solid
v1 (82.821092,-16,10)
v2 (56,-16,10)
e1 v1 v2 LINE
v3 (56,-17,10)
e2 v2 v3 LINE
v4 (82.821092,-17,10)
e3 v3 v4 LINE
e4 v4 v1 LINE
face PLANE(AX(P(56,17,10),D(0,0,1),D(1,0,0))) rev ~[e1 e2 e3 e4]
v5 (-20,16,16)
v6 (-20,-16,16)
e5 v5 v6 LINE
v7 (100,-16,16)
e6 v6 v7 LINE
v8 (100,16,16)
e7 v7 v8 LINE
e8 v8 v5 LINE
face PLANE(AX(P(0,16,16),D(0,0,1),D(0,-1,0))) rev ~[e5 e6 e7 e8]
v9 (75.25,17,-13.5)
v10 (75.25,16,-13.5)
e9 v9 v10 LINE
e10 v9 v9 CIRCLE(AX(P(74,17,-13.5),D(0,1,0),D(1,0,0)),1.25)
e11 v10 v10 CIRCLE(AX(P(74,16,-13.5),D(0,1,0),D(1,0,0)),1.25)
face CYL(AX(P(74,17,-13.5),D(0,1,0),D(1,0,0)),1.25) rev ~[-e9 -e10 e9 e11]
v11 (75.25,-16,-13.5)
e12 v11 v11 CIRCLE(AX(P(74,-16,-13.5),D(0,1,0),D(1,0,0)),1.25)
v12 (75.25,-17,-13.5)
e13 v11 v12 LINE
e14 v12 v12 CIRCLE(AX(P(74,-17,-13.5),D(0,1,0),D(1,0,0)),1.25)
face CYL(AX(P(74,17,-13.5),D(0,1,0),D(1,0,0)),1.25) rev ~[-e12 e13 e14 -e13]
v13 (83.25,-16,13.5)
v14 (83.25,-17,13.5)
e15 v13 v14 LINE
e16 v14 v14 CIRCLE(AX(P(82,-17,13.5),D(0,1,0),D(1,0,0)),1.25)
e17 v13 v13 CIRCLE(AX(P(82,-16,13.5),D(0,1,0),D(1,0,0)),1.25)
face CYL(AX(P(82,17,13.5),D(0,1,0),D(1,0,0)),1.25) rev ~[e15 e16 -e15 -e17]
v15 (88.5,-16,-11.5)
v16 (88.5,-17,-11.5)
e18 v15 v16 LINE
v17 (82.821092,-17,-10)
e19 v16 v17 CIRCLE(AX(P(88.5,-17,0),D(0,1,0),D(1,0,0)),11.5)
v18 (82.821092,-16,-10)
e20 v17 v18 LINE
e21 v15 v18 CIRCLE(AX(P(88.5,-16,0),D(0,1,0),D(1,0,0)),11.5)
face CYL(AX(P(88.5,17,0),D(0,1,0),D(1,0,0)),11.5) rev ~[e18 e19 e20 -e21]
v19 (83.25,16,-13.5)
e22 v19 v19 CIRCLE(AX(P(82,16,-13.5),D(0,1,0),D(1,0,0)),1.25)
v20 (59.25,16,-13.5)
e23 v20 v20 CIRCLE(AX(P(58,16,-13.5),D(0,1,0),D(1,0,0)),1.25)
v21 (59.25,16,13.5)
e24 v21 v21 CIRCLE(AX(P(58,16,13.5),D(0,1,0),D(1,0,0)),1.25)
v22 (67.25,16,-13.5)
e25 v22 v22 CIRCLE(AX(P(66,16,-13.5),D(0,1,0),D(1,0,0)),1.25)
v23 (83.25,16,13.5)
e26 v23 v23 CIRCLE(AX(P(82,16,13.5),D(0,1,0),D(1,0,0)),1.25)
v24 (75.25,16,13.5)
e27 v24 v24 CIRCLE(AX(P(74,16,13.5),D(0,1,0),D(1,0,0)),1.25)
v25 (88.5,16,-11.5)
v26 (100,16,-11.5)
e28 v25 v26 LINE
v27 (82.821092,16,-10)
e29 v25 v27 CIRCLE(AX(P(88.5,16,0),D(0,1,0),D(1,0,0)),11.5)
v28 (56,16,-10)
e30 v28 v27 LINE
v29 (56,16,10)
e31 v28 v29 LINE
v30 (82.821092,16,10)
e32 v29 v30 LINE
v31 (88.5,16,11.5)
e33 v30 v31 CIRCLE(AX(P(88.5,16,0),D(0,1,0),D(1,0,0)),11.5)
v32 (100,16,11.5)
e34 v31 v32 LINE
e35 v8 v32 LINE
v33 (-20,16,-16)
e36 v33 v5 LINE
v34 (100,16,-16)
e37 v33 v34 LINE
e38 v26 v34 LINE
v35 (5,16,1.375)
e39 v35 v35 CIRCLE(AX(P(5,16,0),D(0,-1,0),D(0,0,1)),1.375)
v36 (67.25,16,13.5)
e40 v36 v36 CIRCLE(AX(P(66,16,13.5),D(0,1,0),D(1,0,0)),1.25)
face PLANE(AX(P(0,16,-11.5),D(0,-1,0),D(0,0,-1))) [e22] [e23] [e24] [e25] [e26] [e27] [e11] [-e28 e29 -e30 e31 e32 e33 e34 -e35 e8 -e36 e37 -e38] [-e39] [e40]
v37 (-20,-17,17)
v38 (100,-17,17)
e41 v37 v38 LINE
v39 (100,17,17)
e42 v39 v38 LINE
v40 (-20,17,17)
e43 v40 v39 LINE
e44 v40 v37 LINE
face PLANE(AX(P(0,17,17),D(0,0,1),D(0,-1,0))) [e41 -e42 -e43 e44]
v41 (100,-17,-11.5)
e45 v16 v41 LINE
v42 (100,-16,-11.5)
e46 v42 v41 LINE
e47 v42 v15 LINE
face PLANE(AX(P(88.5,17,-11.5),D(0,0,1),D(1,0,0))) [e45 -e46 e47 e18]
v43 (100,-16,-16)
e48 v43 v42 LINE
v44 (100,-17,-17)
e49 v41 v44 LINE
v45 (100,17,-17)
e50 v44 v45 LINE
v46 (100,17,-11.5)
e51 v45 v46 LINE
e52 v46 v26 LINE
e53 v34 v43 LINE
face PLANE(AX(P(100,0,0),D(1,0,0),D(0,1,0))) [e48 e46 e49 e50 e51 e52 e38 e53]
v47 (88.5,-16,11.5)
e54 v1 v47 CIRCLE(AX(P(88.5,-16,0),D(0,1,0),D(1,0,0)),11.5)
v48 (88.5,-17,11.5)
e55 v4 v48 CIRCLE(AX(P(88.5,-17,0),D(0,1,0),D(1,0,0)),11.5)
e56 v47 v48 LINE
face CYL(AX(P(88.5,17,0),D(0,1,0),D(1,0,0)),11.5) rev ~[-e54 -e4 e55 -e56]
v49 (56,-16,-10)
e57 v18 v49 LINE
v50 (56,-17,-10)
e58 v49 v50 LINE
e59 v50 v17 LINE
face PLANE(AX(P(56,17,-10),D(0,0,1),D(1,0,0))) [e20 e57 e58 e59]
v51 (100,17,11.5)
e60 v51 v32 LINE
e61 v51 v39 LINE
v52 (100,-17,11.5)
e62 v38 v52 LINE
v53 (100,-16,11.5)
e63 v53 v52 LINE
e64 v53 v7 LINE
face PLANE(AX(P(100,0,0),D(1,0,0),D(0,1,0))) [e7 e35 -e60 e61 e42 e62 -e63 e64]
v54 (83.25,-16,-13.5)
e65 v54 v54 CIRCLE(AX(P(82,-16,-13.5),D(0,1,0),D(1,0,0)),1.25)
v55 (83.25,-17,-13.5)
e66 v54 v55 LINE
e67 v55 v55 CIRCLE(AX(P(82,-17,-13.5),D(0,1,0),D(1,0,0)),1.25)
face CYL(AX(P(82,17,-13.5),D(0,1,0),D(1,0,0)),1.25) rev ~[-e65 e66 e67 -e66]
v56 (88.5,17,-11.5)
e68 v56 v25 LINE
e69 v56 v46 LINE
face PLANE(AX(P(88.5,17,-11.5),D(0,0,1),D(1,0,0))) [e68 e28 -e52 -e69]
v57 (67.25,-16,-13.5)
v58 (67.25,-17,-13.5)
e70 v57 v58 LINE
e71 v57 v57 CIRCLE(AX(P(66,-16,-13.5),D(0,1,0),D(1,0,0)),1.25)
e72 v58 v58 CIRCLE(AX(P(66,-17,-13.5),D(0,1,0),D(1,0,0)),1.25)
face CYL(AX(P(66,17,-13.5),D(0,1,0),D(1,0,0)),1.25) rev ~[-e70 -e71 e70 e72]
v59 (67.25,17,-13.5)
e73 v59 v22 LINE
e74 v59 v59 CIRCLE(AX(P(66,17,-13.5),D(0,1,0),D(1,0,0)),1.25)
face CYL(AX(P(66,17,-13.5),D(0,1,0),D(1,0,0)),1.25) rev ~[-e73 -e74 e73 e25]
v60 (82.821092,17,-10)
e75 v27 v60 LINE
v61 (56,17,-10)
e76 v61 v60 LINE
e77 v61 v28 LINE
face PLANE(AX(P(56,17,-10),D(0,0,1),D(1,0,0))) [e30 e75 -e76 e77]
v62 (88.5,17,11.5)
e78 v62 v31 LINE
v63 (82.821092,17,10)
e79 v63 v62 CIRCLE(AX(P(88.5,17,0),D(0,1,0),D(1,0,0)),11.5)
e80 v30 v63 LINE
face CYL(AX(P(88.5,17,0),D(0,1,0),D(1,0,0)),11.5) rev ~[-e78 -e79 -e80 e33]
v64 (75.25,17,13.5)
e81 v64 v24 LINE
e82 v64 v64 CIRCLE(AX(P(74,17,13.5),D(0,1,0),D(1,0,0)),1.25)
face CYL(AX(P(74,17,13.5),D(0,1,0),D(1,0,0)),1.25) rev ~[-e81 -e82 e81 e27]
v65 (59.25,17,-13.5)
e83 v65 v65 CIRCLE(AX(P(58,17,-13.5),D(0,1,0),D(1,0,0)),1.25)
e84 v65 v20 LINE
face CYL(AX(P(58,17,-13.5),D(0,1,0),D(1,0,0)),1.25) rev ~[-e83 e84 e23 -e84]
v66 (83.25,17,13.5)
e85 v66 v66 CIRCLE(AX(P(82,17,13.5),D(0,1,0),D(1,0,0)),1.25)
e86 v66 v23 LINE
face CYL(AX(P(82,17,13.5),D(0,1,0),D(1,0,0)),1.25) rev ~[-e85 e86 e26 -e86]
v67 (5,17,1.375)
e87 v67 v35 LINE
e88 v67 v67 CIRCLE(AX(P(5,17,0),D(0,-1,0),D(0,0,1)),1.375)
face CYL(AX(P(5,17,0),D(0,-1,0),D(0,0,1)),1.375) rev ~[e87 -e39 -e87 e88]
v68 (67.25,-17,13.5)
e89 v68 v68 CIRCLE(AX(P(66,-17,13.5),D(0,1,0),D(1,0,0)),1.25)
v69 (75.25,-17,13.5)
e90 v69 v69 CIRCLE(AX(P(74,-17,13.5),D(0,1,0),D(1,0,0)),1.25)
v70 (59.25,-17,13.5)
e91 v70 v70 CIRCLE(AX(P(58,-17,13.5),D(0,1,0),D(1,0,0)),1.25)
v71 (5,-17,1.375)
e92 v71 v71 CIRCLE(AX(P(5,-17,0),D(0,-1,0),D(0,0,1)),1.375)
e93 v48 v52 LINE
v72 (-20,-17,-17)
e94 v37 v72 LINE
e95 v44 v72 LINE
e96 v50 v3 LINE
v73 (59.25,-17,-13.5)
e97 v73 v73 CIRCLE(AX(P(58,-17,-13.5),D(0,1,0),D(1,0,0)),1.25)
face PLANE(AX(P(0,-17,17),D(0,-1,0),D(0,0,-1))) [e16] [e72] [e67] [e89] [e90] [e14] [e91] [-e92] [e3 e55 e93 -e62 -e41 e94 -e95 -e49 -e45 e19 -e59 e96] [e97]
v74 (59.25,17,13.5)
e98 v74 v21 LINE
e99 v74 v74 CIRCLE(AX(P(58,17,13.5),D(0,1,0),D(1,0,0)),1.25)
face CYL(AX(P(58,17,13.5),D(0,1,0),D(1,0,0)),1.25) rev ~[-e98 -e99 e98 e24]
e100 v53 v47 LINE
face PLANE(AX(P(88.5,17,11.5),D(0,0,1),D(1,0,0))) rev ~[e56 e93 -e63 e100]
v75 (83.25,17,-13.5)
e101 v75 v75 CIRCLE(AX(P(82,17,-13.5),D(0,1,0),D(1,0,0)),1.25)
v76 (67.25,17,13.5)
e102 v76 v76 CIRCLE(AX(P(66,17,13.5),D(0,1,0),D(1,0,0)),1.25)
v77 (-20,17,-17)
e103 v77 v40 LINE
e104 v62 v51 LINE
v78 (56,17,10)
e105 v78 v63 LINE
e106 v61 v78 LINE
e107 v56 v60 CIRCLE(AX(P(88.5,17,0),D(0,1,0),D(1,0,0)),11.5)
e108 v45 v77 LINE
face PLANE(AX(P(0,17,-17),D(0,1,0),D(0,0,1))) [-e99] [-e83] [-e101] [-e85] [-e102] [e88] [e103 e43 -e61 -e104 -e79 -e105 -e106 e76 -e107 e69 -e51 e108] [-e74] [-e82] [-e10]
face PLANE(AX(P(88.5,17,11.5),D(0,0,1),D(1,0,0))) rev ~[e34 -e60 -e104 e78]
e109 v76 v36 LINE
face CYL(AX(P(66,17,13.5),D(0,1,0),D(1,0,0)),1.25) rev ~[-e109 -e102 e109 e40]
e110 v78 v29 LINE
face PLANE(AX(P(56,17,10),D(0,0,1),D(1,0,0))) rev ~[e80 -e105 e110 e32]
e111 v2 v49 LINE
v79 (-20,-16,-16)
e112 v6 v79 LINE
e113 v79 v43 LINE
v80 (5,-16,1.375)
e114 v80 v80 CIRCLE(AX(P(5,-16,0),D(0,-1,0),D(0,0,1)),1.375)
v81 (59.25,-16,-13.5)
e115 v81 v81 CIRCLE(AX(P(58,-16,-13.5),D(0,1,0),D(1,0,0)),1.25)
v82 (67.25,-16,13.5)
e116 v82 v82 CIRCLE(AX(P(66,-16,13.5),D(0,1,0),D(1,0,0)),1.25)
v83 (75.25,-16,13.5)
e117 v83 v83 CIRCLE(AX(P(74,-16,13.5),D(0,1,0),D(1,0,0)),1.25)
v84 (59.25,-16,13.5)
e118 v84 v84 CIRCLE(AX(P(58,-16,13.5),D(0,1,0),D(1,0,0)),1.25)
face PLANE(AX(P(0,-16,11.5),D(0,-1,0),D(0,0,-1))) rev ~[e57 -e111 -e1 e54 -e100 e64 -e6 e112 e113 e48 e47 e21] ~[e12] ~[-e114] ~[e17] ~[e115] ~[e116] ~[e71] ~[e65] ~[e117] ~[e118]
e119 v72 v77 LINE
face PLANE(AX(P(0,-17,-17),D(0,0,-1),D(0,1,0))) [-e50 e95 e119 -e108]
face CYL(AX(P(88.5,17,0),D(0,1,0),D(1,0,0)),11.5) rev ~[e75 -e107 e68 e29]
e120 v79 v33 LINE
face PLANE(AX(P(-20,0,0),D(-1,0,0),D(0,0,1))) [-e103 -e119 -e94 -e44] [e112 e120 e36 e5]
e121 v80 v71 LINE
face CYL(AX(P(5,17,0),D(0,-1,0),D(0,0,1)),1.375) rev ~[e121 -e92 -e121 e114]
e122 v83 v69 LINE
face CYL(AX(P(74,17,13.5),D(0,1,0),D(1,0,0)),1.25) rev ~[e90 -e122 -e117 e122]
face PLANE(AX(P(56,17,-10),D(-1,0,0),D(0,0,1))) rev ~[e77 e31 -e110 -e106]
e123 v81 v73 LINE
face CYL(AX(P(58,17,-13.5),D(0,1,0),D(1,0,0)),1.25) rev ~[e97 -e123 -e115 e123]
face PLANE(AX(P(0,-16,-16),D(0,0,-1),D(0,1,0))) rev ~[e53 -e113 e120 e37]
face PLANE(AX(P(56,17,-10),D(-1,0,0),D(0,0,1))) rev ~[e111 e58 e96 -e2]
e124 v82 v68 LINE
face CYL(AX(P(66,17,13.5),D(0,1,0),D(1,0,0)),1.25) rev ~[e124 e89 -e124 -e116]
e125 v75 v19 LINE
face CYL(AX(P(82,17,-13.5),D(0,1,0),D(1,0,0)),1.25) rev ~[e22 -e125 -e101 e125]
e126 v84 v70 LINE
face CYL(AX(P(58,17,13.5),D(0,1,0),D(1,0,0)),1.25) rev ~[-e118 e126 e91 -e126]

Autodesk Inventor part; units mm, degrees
ref_plane "YZ Plane" through (0, 0, 0) normal (1, 0, 0) x (0, 1, 0)
ref_plane "XZ Plane" through (0, 0, 0) normal (0, 1, 0) x (-1, 0, 0)
ref_plane "XY Plane" through (0, 0, 0) normal (0, 0, 1) x (1, 0, 0)
sketch "Boceto1" plane through (0, 0, 0) normal (1, 0, 0) x (0, 1, 0)
  line L0 (-16, 16) -> (16, 16)
  line L1 (16, 16) -> (16, -16)
  line L2 (16, -16) -> (-16, -16)
  line L3 (-16, -16) -> (-16, 16)
  line L4 (-16, 16) -> (16, -16) construction
  line L5 (16, 16) -> (-16, -16) construction
  line L6 (17, 17) -> (-17, 17)
  line L7 (-17, 17) -> (-17, -17)
  line L8 (-17, -17) -> (17, -17)
  line L9 (17, -17) -> (17, 17)
  line L10 (17, 17) -> (-17, -17) construction
  line L11 (-17, 17) -> (17, -17) construction
  point P0 (0, 0)
  dimension "d0" = 32
  dimension "d1" = 32
  dimension "d2" = 34
  dimension "d3" = 34
extrude "Extrusión1" add sketch "Boceto1" along normal blind 100
sketch "Boceto5" plane through (0, 17, 17) normal (0, 1, 0) x (1, 0, 0)
  line L0 (100, 1) -> (100, 33) projected
  line L1 (100, 17) -> (88.5, 17) construction
  line L2 (88.5, 17) -> (82, 17) construction
  line L3 (82, 17) -> (82, 30.5) construction
  circle A0 centre (82, 30.5) radius 1.25
  circle A1 centre (74, 30.5) radius 1.25
  line L4 (80.5, 17) -> (74, 17) construction
  circle A2 centre (66, 30.5) radius 1.25
  line L5 (72.5, 17) -> (66, 17) construction
  circle A3 centre (58, 30.5) radius 1.25
  line L6 (64.5, 17) -> (58, 17) construction
  circle A4 centre (82, 3.5) radius 1.25
  line L7 (88.5, -10) -> (82, -10) construction
  circle A5 centre (74, 3.5) radius 1.25
  line L8 (80.5, -10) -> (74, -10) construction
  circle A6 centre (66, 3.5) radius 1.25
  line L9 (72.5, -10) -> (66, -10) construction
  circle A7 centre (58, 3.5) radius 1.25
  line L10 (64.5, -10) -> (58, -10) construction
  circle A8 centre (88.5, 17) radius 11.5
  point P0 (0, 17)
  dimension "d26" = 11.5
  dimension "d27" = 6.5
  dimension "d28" = 13.5
  dimension "d29" = 2.5
  dimension "d32" = 8
  dimension "d35" = 27
  dimension "d38" = 23
extrude "Extrusión4" cut sketch "Boceto5" against normal through all
sketch "Boceto6" plane through (0, 17, 17) normal (0, 1, 0) x (1, 0, 0)
  line L0 (100, 17) -> (100, 34) projected
  line L1 (100, 17) -> (56, 17) construction
  line L2 (0, 0) -> (100, 0) projected
  line L3 (56, 0) -> (56, 7) construction
  line L4 (56, 34) -> (56, 27) construction
  line L5 (56, 27) -> (56, 7)
  line L6 (56, 7) -> (83.498, 7)
  line L7 (56, 0) -> (56, 7) construction
  line L8 (56, 27) -> (83.498, 27)
  line L9 (83.498, 27) -> (83.498, 7)
  point P0 (0, 17)
  dimension "d41" = 44
  dimension "d42" = 7
extrude "Extrusión5" cut sketch "Boceto6" against normal through all
sketch "Boceto7" plane through (0, 17, 17) normal (0, 1, 0) x (1, 0, 0)
  arc A0 (100, 17) -> (82.8211, 27) centre (88.5, 17) ccw projected
  line L0 (88.5, 17) -> (88.5, 28.5)
  line L1 (88.5, 28.5) -> (103.9894, 28.5)
  line L2 (88.5, 17) -> (100, 17) construction
  line L3 (88.5, 17) -> (88.5, 5.5)
  line L4 (88.5, 5.5) -> (103.9894, 5.5)
  line L5 (103.9894, 28.5) -> (103.9894, 5.5)
  point P0 (0, 17)
extrude "Extrusión6" cut sketch "Boceto7" against normal through all
sketch "Boceto8" plane through (0, 17, 17) normal (0, 1, 0) x (1, 0, 0)
  line L0 (0, 17) -> (5, 17)
  dimension "d47" = 5
hole "Agujero1" at (5, 17, 0) direction (0, -1, 0) diameter 2.75 end through all
sketch "Boceto9" plane through (0, 0, 0) normal (-1, 0, 0) x (0, 0, 1)
  line L0 (-11.5, 16) -> (-16, 16) projected
  line L1 (11.5, -16) -> (16, -16) projected
  line L2 (-16, 16) -> (16, 16)
  line L3 (16, 16) -> (16, -16)
  line L4 (16, -16) -> (-16, -16)
  line L5 (-16, -16) -> (-16, 16)
  line L6 (-17, 17) -> (17, 17) projected
  line L7 (17, 17) -> (17, -17) projected
  line L8 (-17, 17) -> (17, 17)
  line L9 (17, 17) -> (17, -17)
  line L10 (17, -17) -> (-17, -17)
  line L11 (-17, -17) -> (-17, 17)
  point P0 (0, 0)
extrude "Extrusión7" add sketch "Boceto9" along normal blind 20
properties part number "Eslabon_L" material "Plástico ABS"
